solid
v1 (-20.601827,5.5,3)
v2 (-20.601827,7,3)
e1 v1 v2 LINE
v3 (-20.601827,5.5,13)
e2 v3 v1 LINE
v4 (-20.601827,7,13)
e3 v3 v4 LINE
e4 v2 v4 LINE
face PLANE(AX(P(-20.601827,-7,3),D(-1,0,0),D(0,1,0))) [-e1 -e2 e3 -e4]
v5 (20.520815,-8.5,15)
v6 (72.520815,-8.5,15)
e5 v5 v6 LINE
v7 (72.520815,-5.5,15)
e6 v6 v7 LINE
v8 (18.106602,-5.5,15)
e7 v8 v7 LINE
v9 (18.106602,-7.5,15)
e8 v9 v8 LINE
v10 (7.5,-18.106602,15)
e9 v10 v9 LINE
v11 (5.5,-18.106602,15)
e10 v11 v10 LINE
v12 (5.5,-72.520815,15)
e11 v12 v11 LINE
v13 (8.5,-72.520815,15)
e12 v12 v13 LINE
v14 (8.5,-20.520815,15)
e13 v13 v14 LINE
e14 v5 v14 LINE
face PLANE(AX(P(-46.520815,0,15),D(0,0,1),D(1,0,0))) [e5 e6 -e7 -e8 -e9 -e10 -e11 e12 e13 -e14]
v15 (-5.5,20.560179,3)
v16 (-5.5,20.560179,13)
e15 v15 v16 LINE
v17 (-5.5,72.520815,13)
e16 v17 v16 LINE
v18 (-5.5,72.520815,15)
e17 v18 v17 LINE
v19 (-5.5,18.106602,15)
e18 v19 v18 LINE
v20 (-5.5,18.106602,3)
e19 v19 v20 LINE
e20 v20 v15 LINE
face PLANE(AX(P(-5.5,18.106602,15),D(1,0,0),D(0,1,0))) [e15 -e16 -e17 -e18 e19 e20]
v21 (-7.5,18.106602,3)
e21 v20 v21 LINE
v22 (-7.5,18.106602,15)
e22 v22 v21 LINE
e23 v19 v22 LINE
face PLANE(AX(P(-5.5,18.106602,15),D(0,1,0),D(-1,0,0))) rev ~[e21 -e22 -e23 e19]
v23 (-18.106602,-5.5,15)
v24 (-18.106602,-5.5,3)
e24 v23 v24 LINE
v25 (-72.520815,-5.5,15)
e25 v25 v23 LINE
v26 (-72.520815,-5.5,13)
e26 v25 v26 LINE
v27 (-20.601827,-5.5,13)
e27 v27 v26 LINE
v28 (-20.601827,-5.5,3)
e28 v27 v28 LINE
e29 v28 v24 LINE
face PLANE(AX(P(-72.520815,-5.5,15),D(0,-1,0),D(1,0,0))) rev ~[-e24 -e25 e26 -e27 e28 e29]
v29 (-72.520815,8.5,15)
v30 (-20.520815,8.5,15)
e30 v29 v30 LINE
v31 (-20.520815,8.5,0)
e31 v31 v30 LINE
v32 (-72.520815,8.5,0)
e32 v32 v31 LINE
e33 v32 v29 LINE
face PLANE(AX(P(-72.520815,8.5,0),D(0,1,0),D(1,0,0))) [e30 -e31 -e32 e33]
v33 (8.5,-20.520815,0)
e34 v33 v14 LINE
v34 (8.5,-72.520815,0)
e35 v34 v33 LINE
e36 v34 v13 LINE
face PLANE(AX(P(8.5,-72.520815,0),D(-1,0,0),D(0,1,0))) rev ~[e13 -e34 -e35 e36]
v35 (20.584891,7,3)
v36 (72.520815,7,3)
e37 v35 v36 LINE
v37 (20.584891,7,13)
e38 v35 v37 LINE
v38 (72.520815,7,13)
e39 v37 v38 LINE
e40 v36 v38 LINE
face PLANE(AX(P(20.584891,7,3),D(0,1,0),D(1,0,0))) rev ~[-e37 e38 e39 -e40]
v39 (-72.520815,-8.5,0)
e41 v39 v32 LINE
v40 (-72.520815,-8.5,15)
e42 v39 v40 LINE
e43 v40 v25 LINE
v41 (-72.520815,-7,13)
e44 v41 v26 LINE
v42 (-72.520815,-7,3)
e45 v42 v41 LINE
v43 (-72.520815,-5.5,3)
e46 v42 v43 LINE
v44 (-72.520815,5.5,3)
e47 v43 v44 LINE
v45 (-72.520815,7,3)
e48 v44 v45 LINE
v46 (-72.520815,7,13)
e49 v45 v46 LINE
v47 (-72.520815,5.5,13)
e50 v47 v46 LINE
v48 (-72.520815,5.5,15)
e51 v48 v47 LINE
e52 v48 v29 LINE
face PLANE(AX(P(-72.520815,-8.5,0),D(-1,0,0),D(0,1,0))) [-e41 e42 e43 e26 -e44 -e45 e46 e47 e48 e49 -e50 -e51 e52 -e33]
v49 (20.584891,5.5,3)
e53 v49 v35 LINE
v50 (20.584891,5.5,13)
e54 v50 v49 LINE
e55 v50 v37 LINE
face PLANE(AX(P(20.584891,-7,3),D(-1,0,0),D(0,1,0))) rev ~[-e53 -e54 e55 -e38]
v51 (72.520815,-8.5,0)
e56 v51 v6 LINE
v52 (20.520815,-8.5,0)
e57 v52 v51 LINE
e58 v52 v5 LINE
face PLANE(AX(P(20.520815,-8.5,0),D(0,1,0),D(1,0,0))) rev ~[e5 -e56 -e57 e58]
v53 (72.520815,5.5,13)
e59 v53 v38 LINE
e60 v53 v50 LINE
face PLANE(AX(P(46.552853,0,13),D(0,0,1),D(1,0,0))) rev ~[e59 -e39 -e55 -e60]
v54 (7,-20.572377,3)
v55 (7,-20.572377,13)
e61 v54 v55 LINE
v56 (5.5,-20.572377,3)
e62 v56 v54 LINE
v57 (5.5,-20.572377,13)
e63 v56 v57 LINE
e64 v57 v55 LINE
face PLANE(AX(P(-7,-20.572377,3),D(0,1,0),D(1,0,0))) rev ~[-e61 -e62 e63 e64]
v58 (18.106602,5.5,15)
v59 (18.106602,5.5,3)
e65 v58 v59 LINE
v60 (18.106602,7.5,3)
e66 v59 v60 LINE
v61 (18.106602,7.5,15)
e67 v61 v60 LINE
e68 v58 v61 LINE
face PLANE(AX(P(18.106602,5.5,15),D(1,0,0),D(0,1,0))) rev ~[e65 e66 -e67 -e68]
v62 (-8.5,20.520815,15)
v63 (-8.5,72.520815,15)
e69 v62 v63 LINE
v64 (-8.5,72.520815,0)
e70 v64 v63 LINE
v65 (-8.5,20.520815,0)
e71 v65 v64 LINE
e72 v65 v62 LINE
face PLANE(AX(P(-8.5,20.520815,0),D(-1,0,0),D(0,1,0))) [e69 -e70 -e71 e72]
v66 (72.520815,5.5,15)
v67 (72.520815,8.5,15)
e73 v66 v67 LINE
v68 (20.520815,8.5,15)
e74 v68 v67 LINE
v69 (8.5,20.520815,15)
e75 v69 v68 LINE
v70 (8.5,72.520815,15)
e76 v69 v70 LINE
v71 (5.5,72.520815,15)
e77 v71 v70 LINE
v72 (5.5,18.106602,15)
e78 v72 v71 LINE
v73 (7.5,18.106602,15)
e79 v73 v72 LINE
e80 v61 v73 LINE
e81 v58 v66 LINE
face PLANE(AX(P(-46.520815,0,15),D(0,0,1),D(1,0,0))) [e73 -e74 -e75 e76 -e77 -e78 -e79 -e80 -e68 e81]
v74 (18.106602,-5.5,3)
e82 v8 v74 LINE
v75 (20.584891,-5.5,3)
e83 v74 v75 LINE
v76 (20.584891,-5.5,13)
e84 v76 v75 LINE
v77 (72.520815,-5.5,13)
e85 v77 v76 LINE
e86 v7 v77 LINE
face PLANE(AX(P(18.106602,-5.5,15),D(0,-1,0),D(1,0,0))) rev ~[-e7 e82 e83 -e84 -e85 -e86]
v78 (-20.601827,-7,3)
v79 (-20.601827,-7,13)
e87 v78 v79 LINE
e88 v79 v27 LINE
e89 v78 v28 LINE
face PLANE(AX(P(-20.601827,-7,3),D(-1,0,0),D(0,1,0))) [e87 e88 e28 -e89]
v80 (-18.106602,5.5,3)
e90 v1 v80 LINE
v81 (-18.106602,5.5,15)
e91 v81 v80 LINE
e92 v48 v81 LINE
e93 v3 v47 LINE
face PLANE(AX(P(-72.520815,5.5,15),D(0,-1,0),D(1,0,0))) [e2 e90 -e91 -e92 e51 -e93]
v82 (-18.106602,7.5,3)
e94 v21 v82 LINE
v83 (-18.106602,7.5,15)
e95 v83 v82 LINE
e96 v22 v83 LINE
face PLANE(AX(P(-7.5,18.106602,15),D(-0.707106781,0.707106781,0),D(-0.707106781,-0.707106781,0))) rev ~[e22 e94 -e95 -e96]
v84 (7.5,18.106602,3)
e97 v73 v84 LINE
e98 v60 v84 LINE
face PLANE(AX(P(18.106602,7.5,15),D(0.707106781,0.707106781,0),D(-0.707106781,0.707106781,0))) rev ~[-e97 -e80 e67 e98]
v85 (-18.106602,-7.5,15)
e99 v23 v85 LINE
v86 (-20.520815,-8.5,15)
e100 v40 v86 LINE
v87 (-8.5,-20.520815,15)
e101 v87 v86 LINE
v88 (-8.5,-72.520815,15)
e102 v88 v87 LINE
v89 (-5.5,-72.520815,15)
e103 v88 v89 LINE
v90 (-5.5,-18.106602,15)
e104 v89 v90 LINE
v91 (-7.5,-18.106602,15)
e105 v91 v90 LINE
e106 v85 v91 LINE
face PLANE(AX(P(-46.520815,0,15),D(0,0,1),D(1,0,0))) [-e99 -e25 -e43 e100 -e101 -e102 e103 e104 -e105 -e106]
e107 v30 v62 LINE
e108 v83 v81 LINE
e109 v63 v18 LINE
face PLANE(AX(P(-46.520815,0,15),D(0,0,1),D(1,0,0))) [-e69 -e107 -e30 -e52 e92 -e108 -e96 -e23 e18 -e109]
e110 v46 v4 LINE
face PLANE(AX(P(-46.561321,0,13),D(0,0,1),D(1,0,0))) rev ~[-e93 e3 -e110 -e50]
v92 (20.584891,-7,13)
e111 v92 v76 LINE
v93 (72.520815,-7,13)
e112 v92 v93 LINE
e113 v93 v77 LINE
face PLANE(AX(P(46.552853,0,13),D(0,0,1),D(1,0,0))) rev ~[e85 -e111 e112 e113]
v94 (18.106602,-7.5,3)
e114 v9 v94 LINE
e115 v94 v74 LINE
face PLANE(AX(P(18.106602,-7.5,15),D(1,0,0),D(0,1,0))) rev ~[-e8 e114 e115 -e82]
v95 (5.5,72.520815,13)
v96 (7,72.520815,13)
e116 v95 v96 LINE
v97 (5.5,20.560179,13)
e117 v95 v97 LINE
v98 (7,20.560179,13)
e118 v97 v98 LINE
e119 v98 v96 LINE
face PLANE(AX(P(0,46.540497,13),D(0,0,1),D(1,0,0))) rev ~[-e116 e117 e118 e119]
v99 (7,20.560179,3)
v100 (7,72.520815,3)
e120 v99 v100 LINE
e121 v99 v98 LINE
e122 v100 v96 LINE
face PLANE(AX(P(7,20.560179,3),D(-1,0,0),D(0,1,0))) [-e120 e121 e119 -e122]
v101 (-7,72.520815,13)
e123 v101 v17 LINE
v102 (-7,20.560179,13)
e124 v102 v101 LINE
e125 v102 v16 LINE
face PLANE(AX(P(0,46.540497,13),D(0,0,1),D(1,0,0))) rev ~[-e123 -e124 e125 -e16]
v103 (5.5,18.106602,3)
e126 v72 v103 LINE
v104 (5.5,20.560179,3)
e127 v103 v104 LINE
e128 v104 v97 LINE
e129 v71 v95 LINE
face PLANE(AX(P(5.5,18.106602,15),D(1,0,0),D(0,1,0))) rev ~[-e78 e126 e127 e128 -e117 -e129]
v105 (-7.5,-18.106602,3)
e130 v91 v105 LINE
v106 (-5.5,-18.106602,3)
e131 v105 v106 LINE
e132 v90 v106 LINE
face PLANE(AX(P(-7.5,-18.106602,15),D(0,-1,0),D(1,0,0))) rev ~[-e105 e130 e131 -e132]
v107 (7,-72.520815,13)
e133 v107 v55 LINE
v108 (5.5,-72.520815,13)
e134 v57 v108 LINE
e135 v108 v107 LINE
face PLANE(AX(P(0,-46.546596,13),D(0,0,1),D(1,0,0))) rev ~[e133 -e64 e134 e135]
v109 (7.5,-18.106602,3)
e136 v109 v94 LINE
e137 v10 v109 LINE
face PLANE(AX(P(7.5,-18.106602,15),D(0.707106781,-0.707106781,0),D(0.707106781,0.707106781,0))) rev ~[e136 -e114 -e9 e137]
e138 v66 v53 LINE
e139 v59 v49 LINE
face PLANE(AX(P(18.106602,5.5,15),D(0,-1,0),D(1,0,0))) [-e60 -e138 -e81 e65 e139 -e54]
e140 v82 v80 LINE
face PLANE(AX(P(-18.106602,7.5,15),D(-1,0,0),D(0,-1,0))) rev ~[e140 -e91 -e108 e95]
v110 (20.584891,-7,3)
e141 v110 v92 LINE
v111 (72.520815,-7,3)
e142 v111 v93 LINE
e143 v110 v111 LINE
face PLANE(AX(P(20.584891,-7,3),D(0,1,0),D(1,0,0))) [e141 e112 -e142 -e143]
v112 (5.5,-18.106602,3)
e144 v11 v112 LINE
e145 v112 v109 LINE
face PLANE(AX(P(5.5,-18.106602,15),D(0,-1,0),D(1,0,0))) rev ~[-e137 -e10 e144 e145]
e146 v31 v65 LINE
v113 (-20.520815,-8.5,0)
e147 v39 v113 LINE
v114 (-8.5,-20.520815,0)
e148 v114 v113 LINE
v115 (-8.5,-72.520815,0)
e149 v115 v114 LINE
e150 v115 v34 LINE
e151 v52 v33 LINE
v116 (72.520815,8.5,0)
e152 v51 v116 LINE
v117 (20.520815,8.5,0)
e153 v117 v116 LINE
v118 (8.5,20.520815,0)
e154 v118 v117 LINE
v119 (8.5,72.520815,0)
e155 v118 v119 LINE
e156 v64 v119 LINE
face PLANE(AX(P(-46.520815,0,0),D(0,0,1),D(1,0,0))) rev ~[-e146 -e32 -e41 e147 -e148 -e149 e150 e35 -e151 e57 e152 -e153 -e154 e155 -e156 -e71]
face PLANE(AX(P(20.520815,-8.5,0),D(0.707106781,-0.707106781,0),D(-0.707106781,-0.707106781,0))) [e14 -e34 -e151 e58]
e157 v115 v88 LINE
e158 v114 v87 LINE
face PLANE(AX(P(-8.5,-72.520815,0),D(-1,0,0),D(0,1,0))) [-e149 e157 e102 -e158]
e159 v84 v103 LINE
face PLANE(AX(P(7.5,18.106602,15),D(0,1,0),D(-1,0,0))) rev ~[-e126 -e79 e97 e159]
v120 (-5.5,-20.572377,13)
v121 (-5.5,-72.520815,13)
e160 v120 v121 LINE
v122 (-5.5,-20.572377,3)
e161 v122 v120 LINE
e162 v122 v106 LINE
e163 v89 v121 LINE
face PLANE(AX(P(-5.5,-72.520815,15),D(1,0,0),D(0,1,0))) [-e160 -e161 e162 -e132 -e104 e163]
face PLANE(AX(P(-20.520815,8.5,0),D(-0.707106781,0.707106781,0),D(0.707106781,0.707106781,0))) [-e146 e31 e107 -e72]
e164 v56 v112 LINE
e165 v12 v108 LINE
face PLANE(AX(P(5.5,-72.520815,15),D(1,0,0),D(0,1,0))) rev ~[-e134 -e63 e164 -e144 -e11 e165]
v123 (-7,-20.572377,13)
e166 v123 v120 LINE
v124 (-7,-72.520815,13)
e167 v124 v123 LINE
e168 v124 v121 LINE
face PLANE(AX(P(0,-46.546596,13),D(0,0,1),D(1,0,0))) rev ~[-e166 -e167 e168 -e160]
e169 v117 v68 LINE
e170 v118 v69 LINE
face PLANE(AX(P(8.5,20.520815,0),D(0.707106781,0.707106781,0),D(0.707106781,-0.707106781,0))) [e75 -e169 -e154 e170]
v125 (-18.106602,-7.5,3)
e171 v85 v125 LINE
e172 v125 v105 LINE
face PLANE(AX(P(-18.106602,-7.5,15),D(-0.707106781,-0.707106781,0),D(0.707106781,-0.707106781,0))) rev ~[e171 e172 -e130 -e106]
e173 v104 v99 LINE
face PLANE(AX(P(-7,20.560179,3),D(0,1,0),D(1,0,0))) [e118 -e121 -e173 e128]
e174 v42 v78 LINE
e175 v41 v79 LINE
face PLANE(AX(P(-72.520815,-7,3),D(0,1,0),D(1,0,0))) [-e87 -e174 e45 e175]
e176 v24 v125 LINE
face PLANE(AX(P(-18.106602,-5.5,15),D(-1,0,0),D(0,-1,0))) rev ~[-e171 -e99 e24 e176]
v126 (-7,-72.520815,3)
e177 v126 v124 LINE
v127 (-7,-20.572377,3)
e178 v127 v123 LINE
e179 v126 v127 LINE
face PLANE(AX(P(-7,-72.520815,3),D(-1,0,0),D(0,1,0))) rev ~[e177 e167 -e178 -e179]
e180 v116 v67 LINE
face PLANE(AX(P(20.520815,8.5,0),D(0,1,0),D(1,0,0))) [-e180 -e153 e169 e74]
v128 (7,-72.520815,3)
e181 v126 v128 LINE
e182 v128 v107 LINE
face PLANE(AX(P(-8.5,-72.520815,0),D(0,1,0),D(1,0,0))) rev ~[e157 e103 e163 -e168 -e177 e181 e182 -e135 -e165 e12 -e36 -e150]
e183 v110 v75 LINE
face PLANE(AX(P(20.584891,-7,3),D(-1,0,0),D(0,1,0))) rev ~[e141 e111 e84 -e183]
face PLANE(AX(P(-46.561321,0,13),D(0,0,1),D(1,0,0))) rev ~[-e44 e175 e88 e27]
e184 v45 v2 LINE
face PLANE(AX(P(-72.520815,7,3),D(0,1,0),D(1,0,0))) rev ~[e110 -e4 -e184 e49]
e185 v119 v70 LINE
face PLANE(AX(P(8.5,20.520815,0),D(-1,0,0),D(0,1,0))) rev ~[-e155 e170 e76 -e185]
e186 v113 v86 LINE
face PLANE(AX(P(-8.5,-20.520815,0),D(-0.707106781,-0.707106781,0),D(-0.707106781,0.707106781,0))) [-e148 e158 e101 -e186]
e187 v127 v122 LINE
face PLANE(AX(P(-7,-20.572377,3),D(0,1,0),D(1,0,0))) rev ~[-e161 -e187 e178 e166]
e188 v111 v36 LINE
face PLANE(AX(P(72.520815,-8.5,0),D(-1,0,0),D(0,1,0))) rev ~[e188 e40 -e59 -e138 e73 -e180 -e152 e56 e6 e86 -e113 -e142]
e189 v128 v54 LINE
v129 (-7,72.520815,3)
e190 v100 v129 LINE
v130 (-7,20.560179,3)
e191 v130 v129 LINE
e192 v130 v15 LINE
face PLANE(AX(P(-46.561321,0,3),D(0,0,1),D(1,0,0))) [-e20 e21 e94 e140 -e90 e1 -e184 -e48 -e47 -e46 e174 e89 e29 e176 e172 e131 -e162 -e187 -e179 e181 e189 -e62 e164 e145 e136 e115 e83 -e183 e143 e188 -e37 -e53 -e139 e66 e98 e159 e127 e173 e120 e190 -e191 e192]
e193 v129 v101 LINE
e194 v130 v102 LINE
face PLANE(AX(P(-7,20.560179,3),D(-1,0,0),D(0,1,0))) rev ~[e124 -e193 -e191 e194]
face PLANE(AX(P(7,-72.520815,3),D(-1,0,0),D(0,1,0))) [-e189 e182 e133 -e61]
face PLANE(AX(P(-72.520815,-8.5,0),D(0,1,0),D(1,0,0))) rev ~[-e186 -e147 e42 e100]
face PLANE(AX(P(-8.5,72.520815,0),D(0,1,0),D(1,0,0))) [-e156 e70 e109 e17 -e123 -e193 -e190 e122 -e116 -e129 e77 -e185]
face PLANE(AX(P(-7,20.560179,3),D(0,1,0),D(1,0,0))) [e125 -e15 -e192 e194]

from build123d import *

# Parameters (mm, degrees)
SKETCH_1_W          = 52
SKETCH_1_H          = 17
SKETCH_1_W_2        = 17
SKETCH_1_H_2        = 52
EXTRUDE_1_DEPTH     = 15
SKETCH_8_W          = 11
SKETCH_8_H          = 54.414213562
SKETCH_8_W_2        = 54.414213562
SKETCH_8_H_2        = 11
CUT_EXTRUDE_2_DEPTH = 12
SKETCH_9_W          = 51.918987987
SKETCH_9_H          = 14
SKETCH_9_W_2        = 14
SKETCH_9_H_2        = 51.960636612
SKETCH_9_W_3        = 51.935924336
SKETCH_9_H_3        = 51.948438094
CUT_EXTRUDE_3_DEPTH = 10


with BuildPart() as part:
    # Эскиз1 → Бобышка-Вытянуть1 (new body)
    with BuildSketch(Plane.XY):
        with Locations((-46.52081528, 0)):
            Rectangle(SKETCH_1_W, SKETCH_1_H)
        Polygon((20.52081528, 8.5), (20.52081528, -8.5), (8.5, -20.52081528), (-8.5, -20.52081528), (-20.52081528, -8.5), (-20.52081528, 8.5), (-8.5, 20.52081528), (8.5, 20.52081528), align=None)
        with Locations((0, 46.52081528)):
            Rectangle(SKETCH_1_W_2, SKETCH_1_H_2)
        with Locations((46.52081528, 0)):
            Rectangle(SKETCH_1_W, SKETCH_1_H)
        with Locations((0, -46.52081528)):
            Rectangle(SKETCH_1_W_2, SKETCH_1_H_2)
    extrude(amount=EXTRUDE_1_DEPTH)

    # Эскиз8 → Вырез-Вытянуть2 (cut)
    with BuildSketch(Plane.XY.offset(15)):
        with Locations((0, 45.313708499)):
            Rectangle(SKETCH_8_W, SKETCH_8_H)
        Polygon((7.5, -18.106601718), (18.106601718, -7.5), (18.106601718, 7.5), (7.5, 18.106601718), (-7.5, 18.106601718), (-18.106601718, 7.5), (-18.106601718, -7.5), (-7.5, -18.106601718), align=None)
        with Locations((45.313708499, 0)):
            Rectangle(SKETCH_8_W_2, SKETCH_8_H_2)
        with Locations((0, -45.313708499)):
            Rectangle(SKETCH_8_W, SKETCH_8_H)
        with Locations((-45.313708499, 0)):
            Rectangle(SKETCH_8_W_2, SKETCH_8_H_2)
    extrude(amount=-CUT_EXTRUDE_2_DEPTH, mode=Mode.SUBTRACT)

    # Эскиз9 → Вырез-Вытянуть3 (cut)
    with BuildSketch(Plane.XY.offset(3)):
        with Locations((-46.561321287, 0)):
            Rectangle(SKETCH_9_W, SKETCH_9_H)
        with Locations((0, 46.540496974)):
            Rectangle(SKETCH_9_W_2, SKETCH_9_H_2)
        with Locations((46.552853112, 0)):
            Rectangle(SKETCH_9_W_3, SKETCH_9_H)
        with Locations((0, -46.546596233)):
            Rectangle(SKETCH_9_W_2, SKETCH_9_H_3)
    extrude(amount=CUT_EXTRUDE_3_DEPTH, mode=Mode.SUBTRACT)


solid = part.part
